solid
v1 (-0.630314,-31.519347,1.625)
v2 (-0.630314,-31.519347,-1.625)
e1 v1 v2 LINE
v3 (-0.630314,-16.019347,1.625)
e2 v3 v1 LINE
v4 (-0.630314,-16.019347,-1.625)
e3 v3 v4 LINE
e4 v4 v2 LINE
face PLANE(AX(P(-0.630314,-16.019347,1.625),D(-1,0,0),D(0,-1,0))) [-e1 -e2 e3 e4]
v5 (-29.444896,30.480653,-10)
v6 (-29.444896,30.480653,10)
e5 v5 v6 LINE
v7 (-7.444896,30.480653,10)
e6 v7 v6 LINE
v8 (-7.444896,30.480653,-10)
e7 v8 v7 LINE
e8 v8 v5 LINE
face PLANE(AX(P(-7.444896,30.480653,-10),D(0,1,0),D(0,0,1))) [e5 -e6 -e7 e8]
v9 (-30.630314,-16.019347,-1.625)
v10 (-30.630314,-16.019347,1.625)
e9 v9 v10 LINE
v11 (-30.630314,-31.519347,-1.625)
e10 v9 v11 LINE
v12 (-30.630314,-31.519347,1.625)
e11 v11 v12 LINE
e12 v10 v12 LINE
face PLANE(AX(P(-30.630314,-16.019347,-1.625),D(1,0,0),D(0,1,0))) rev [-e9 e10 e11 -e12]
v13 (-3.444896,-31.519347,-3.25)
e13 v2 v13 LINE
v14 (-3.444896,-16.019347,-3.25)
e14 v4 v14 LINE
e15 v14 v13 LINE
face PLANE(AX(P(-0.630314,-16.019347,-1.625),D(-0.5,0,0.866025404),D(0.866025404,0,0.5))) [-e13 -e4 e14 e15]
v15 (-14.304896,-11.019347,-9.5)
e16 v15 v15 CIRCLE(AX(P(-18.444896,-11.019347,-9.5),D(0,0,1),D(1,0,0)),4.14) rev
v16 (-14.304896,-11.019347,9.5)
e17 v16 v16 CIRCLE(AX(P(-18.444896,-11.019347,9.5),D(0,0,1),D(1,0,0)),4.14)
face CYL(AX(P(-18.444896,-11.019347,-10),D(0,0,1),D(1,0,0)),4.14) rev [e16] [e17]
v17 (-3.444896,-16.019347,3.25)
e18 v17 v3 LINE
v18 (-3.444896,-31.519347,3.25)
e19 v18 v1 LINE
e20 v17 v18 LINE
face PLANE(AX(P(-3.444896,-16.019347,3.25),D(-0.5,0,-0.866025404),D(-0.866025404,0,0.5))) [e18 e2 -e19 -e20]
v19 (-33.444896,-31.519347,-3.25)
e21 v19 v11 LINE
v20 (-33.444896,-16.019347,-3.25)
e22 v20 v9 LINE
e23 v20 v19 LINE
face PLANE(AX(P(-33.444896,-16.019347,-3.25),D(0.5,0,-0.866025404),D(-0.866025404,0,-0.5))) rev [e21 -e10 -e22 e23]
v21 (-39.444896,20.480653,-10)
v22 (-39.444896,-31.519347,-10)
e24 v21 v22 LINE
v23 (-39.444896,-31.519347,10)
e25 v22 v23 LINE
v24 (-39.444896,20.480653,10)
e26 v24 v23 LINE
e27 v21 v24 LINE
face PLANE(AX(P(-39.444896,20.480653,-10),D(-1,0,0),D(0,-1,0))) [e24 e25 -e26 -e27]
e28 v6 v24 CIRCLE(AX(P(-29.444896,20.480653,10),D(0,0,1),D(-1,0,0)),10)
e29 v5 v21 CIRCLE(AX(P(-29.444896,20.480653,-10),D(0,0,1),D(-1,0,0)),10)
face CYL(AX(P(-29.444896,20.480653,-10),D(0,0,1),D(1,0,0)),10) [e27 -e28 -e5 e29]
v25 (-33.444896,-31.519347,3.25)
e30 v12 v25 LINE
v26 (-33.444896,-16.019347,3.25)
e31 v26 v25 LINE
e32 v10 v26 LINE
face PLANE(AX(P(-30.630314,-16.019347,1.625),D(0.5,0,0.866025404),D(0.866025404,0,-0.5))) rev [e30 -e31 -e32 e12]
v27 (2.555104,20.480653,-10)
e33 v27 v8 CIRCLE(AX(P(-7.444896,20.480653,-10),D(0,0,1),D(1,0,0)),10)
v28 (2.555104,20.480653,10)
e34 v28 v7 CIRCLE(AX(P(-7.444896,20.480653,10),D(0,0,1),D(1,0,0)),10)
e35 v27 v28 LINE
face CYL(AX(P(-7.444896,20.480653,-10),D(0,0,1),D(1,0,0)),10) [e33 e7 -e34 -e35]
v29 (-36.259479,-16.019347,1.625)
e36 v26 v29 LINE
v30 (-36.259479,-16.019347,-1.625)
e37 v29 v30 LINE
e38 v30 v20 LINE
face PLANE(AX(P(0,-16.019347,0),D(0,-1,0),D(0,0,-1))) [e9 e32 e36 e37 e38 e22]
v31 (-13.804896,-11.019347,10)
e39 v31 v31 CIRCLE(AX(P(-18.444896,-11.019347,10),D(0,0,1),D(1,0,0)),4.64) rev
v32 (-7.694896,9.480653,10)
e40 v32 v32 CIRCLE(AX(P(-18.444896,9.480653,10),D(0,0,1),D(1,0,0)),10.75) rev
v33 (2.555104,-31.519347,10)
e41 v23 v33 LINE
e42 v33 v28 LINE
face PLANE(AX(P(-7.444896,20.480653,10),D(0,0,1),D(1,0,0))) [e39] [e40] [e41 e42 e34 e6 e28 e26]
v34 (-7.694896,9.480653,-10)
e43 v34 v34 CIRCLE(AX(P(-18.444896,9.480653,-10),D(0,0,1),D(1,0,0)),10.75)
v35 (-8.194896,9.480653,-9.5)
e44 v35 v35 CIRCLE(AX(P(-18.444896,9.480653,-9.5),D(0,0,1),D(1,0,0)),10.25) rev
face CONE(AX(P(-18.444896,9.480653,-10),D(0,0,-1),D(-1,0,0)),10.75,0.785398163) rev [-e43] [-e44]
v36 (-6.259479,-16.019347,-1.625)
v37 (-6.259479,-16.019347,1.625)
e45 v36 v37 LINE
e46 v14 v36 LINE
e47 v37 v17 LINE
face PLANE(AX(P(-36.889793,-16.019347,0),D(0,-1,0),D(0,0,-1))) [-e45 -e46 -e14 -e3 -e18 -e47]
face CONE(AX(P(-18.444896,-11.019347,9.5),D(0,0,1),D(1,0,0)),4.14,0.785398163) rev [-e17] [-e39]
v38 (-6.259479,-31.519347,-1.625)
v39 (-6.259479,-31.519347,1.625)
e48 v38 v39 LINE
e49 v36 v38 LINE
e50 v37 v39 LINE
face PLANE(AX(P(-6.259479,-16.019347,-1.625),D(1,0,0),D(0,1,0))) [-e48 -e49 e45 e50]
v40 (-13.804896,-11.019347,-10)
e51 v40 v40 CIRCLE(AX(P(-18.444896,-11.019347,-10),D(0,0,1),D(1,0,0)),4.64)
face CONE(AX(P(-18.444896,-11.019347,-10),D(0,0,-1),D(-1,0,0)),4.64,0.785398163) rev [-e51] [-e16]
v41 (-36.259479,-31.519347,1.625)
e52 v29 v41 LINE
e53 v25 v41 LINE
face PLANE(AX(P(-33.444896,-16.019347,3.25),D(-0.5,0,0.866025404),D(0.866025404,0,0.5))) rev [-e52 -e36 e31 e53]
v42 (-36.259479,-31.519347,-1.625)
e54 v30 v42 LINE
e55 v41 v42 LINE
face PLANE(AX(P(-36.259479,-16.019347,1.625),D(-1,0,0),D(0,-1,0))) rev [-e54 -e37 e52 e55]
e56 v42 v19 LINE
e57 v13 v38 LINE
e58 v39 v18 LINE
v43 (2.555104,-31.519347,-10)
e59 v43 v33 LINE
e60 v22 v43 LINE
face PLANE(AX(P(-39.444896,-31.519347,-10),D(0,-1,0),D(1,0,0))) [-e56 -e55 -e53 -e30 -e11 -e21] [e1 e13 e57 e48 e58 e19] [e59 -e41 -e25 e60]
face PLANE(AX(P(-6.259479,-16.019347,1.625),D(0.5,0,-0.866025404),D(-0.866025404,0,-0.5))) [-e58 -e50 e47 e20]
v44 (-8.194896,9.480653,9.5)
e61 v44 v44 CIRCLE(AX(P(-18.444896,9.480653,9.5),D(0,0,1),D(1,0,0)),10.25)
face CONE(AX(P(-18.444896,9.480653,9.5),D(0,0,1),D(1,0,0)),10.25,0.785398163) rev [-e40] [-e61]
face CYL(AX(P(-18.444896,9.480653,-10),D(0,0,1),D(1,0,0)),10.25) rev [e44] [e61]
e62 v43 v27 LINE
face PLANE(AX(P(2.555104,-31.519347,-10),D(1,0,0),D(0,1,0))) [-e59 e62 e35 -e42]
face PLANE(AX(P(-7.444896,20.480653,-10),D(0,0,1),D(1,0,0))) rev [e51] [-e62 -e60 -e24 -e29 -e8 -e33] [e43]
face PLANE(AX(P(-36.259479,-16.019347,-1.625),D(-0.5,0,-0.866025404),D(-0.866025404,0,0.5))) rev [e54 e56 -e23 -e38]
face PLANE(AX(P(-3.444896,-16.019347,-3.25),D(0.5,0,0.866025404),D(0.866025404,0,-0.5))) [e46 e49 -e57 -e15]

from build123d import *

# Parameters (mm, degrees)
SKETCH1_R           = 10.25
SKETCH1_R_2         = 4.14
BOSS_EXTRUDE1_DEPTH = 10
CHAMFER1_SIZE       = 0.5
CUT_EXTRUDE1_DEPTH  = 15.5


with BuildPart() as part:
    # Sketch1 → Boss-Extrude1 (new, symmetric)
    with BuildSketch(Plane.XY):
        with BuildLine():
            Line((-7.444896481, 30.480652594), (-29.444896481, 30.480652594))
            ThreePointArc((-29.444896481, 30.480652594), (-36.515964293, 27.551720406), (-39.444896481, 20.480652594))
            Line((-39.444896481, 20.480652594), (-39.444896481, -31.519347406))
            Line((-39.444896481, -31.519347406), (2.555103519, -31.519347406))
            Line((2.555103519, -31.519347406), (2.555103519, 20.480652594))
            ThreePointArc((2.555103519, 20.480652594), (-0.373828669, 27.551720406), (-7.444896481, 30.480652594))
        make_face()
        with Locations((-18.444896481, 9.480652594)):
            Circle(SKETCH1_R, mode=Mode.SUBTRACT)
        with Locations((-18.444896481, -11.019347406)):
            Circle(SKETCH1_R_2, mode=Mode.SUBTRACT)
    extrude(amount=BOSS_EXTRUDE1_DEPTH, both=True)

    # Chamfer1
    chamfer1_edges = [part.edges().sort_by_distance(p)[0] for p in [
        (-22.584896481, -11.019347406, -10),
        (-22.584896481, -11.019347406, 10),
        (-28.694896481, 9.480652594, -10),
        (-28.694896481, 9.480652594, 10),
    ]]
    chamfer(chamfer1_edges, length=CHAMFER1_SIZE)

    # Sketch3 → Cut-Extrude1 (cut)
    with BuildSketch(Plane(origin=(0, -31.519347406, 0), x_dir=(-1, 0, 0), z_dir=(0, -1, 0))):
        Polygon((33.444896481, -3.25), (36.259479043, -1.625), (36.259479043, 1.625), (33.444896481, 3.25), (30.630313919, 1.625), (30.630313919, -1.625), align=None)
    cut_extrude1 = extrude(amount=-CUT_EXTRUDE1_DEPTH, mode=Mode.SUBTRACT)

    # Mirror1: Cut-Extrude1 across plane
    add(cut_extrude1.mirror(Plane(origin=(-18.444896481, 0, 0), x_dir=(0, 0, 1), z_dir=(1, 0, 0))), mode=Mode.SUBTRACT)


solid = part.part
